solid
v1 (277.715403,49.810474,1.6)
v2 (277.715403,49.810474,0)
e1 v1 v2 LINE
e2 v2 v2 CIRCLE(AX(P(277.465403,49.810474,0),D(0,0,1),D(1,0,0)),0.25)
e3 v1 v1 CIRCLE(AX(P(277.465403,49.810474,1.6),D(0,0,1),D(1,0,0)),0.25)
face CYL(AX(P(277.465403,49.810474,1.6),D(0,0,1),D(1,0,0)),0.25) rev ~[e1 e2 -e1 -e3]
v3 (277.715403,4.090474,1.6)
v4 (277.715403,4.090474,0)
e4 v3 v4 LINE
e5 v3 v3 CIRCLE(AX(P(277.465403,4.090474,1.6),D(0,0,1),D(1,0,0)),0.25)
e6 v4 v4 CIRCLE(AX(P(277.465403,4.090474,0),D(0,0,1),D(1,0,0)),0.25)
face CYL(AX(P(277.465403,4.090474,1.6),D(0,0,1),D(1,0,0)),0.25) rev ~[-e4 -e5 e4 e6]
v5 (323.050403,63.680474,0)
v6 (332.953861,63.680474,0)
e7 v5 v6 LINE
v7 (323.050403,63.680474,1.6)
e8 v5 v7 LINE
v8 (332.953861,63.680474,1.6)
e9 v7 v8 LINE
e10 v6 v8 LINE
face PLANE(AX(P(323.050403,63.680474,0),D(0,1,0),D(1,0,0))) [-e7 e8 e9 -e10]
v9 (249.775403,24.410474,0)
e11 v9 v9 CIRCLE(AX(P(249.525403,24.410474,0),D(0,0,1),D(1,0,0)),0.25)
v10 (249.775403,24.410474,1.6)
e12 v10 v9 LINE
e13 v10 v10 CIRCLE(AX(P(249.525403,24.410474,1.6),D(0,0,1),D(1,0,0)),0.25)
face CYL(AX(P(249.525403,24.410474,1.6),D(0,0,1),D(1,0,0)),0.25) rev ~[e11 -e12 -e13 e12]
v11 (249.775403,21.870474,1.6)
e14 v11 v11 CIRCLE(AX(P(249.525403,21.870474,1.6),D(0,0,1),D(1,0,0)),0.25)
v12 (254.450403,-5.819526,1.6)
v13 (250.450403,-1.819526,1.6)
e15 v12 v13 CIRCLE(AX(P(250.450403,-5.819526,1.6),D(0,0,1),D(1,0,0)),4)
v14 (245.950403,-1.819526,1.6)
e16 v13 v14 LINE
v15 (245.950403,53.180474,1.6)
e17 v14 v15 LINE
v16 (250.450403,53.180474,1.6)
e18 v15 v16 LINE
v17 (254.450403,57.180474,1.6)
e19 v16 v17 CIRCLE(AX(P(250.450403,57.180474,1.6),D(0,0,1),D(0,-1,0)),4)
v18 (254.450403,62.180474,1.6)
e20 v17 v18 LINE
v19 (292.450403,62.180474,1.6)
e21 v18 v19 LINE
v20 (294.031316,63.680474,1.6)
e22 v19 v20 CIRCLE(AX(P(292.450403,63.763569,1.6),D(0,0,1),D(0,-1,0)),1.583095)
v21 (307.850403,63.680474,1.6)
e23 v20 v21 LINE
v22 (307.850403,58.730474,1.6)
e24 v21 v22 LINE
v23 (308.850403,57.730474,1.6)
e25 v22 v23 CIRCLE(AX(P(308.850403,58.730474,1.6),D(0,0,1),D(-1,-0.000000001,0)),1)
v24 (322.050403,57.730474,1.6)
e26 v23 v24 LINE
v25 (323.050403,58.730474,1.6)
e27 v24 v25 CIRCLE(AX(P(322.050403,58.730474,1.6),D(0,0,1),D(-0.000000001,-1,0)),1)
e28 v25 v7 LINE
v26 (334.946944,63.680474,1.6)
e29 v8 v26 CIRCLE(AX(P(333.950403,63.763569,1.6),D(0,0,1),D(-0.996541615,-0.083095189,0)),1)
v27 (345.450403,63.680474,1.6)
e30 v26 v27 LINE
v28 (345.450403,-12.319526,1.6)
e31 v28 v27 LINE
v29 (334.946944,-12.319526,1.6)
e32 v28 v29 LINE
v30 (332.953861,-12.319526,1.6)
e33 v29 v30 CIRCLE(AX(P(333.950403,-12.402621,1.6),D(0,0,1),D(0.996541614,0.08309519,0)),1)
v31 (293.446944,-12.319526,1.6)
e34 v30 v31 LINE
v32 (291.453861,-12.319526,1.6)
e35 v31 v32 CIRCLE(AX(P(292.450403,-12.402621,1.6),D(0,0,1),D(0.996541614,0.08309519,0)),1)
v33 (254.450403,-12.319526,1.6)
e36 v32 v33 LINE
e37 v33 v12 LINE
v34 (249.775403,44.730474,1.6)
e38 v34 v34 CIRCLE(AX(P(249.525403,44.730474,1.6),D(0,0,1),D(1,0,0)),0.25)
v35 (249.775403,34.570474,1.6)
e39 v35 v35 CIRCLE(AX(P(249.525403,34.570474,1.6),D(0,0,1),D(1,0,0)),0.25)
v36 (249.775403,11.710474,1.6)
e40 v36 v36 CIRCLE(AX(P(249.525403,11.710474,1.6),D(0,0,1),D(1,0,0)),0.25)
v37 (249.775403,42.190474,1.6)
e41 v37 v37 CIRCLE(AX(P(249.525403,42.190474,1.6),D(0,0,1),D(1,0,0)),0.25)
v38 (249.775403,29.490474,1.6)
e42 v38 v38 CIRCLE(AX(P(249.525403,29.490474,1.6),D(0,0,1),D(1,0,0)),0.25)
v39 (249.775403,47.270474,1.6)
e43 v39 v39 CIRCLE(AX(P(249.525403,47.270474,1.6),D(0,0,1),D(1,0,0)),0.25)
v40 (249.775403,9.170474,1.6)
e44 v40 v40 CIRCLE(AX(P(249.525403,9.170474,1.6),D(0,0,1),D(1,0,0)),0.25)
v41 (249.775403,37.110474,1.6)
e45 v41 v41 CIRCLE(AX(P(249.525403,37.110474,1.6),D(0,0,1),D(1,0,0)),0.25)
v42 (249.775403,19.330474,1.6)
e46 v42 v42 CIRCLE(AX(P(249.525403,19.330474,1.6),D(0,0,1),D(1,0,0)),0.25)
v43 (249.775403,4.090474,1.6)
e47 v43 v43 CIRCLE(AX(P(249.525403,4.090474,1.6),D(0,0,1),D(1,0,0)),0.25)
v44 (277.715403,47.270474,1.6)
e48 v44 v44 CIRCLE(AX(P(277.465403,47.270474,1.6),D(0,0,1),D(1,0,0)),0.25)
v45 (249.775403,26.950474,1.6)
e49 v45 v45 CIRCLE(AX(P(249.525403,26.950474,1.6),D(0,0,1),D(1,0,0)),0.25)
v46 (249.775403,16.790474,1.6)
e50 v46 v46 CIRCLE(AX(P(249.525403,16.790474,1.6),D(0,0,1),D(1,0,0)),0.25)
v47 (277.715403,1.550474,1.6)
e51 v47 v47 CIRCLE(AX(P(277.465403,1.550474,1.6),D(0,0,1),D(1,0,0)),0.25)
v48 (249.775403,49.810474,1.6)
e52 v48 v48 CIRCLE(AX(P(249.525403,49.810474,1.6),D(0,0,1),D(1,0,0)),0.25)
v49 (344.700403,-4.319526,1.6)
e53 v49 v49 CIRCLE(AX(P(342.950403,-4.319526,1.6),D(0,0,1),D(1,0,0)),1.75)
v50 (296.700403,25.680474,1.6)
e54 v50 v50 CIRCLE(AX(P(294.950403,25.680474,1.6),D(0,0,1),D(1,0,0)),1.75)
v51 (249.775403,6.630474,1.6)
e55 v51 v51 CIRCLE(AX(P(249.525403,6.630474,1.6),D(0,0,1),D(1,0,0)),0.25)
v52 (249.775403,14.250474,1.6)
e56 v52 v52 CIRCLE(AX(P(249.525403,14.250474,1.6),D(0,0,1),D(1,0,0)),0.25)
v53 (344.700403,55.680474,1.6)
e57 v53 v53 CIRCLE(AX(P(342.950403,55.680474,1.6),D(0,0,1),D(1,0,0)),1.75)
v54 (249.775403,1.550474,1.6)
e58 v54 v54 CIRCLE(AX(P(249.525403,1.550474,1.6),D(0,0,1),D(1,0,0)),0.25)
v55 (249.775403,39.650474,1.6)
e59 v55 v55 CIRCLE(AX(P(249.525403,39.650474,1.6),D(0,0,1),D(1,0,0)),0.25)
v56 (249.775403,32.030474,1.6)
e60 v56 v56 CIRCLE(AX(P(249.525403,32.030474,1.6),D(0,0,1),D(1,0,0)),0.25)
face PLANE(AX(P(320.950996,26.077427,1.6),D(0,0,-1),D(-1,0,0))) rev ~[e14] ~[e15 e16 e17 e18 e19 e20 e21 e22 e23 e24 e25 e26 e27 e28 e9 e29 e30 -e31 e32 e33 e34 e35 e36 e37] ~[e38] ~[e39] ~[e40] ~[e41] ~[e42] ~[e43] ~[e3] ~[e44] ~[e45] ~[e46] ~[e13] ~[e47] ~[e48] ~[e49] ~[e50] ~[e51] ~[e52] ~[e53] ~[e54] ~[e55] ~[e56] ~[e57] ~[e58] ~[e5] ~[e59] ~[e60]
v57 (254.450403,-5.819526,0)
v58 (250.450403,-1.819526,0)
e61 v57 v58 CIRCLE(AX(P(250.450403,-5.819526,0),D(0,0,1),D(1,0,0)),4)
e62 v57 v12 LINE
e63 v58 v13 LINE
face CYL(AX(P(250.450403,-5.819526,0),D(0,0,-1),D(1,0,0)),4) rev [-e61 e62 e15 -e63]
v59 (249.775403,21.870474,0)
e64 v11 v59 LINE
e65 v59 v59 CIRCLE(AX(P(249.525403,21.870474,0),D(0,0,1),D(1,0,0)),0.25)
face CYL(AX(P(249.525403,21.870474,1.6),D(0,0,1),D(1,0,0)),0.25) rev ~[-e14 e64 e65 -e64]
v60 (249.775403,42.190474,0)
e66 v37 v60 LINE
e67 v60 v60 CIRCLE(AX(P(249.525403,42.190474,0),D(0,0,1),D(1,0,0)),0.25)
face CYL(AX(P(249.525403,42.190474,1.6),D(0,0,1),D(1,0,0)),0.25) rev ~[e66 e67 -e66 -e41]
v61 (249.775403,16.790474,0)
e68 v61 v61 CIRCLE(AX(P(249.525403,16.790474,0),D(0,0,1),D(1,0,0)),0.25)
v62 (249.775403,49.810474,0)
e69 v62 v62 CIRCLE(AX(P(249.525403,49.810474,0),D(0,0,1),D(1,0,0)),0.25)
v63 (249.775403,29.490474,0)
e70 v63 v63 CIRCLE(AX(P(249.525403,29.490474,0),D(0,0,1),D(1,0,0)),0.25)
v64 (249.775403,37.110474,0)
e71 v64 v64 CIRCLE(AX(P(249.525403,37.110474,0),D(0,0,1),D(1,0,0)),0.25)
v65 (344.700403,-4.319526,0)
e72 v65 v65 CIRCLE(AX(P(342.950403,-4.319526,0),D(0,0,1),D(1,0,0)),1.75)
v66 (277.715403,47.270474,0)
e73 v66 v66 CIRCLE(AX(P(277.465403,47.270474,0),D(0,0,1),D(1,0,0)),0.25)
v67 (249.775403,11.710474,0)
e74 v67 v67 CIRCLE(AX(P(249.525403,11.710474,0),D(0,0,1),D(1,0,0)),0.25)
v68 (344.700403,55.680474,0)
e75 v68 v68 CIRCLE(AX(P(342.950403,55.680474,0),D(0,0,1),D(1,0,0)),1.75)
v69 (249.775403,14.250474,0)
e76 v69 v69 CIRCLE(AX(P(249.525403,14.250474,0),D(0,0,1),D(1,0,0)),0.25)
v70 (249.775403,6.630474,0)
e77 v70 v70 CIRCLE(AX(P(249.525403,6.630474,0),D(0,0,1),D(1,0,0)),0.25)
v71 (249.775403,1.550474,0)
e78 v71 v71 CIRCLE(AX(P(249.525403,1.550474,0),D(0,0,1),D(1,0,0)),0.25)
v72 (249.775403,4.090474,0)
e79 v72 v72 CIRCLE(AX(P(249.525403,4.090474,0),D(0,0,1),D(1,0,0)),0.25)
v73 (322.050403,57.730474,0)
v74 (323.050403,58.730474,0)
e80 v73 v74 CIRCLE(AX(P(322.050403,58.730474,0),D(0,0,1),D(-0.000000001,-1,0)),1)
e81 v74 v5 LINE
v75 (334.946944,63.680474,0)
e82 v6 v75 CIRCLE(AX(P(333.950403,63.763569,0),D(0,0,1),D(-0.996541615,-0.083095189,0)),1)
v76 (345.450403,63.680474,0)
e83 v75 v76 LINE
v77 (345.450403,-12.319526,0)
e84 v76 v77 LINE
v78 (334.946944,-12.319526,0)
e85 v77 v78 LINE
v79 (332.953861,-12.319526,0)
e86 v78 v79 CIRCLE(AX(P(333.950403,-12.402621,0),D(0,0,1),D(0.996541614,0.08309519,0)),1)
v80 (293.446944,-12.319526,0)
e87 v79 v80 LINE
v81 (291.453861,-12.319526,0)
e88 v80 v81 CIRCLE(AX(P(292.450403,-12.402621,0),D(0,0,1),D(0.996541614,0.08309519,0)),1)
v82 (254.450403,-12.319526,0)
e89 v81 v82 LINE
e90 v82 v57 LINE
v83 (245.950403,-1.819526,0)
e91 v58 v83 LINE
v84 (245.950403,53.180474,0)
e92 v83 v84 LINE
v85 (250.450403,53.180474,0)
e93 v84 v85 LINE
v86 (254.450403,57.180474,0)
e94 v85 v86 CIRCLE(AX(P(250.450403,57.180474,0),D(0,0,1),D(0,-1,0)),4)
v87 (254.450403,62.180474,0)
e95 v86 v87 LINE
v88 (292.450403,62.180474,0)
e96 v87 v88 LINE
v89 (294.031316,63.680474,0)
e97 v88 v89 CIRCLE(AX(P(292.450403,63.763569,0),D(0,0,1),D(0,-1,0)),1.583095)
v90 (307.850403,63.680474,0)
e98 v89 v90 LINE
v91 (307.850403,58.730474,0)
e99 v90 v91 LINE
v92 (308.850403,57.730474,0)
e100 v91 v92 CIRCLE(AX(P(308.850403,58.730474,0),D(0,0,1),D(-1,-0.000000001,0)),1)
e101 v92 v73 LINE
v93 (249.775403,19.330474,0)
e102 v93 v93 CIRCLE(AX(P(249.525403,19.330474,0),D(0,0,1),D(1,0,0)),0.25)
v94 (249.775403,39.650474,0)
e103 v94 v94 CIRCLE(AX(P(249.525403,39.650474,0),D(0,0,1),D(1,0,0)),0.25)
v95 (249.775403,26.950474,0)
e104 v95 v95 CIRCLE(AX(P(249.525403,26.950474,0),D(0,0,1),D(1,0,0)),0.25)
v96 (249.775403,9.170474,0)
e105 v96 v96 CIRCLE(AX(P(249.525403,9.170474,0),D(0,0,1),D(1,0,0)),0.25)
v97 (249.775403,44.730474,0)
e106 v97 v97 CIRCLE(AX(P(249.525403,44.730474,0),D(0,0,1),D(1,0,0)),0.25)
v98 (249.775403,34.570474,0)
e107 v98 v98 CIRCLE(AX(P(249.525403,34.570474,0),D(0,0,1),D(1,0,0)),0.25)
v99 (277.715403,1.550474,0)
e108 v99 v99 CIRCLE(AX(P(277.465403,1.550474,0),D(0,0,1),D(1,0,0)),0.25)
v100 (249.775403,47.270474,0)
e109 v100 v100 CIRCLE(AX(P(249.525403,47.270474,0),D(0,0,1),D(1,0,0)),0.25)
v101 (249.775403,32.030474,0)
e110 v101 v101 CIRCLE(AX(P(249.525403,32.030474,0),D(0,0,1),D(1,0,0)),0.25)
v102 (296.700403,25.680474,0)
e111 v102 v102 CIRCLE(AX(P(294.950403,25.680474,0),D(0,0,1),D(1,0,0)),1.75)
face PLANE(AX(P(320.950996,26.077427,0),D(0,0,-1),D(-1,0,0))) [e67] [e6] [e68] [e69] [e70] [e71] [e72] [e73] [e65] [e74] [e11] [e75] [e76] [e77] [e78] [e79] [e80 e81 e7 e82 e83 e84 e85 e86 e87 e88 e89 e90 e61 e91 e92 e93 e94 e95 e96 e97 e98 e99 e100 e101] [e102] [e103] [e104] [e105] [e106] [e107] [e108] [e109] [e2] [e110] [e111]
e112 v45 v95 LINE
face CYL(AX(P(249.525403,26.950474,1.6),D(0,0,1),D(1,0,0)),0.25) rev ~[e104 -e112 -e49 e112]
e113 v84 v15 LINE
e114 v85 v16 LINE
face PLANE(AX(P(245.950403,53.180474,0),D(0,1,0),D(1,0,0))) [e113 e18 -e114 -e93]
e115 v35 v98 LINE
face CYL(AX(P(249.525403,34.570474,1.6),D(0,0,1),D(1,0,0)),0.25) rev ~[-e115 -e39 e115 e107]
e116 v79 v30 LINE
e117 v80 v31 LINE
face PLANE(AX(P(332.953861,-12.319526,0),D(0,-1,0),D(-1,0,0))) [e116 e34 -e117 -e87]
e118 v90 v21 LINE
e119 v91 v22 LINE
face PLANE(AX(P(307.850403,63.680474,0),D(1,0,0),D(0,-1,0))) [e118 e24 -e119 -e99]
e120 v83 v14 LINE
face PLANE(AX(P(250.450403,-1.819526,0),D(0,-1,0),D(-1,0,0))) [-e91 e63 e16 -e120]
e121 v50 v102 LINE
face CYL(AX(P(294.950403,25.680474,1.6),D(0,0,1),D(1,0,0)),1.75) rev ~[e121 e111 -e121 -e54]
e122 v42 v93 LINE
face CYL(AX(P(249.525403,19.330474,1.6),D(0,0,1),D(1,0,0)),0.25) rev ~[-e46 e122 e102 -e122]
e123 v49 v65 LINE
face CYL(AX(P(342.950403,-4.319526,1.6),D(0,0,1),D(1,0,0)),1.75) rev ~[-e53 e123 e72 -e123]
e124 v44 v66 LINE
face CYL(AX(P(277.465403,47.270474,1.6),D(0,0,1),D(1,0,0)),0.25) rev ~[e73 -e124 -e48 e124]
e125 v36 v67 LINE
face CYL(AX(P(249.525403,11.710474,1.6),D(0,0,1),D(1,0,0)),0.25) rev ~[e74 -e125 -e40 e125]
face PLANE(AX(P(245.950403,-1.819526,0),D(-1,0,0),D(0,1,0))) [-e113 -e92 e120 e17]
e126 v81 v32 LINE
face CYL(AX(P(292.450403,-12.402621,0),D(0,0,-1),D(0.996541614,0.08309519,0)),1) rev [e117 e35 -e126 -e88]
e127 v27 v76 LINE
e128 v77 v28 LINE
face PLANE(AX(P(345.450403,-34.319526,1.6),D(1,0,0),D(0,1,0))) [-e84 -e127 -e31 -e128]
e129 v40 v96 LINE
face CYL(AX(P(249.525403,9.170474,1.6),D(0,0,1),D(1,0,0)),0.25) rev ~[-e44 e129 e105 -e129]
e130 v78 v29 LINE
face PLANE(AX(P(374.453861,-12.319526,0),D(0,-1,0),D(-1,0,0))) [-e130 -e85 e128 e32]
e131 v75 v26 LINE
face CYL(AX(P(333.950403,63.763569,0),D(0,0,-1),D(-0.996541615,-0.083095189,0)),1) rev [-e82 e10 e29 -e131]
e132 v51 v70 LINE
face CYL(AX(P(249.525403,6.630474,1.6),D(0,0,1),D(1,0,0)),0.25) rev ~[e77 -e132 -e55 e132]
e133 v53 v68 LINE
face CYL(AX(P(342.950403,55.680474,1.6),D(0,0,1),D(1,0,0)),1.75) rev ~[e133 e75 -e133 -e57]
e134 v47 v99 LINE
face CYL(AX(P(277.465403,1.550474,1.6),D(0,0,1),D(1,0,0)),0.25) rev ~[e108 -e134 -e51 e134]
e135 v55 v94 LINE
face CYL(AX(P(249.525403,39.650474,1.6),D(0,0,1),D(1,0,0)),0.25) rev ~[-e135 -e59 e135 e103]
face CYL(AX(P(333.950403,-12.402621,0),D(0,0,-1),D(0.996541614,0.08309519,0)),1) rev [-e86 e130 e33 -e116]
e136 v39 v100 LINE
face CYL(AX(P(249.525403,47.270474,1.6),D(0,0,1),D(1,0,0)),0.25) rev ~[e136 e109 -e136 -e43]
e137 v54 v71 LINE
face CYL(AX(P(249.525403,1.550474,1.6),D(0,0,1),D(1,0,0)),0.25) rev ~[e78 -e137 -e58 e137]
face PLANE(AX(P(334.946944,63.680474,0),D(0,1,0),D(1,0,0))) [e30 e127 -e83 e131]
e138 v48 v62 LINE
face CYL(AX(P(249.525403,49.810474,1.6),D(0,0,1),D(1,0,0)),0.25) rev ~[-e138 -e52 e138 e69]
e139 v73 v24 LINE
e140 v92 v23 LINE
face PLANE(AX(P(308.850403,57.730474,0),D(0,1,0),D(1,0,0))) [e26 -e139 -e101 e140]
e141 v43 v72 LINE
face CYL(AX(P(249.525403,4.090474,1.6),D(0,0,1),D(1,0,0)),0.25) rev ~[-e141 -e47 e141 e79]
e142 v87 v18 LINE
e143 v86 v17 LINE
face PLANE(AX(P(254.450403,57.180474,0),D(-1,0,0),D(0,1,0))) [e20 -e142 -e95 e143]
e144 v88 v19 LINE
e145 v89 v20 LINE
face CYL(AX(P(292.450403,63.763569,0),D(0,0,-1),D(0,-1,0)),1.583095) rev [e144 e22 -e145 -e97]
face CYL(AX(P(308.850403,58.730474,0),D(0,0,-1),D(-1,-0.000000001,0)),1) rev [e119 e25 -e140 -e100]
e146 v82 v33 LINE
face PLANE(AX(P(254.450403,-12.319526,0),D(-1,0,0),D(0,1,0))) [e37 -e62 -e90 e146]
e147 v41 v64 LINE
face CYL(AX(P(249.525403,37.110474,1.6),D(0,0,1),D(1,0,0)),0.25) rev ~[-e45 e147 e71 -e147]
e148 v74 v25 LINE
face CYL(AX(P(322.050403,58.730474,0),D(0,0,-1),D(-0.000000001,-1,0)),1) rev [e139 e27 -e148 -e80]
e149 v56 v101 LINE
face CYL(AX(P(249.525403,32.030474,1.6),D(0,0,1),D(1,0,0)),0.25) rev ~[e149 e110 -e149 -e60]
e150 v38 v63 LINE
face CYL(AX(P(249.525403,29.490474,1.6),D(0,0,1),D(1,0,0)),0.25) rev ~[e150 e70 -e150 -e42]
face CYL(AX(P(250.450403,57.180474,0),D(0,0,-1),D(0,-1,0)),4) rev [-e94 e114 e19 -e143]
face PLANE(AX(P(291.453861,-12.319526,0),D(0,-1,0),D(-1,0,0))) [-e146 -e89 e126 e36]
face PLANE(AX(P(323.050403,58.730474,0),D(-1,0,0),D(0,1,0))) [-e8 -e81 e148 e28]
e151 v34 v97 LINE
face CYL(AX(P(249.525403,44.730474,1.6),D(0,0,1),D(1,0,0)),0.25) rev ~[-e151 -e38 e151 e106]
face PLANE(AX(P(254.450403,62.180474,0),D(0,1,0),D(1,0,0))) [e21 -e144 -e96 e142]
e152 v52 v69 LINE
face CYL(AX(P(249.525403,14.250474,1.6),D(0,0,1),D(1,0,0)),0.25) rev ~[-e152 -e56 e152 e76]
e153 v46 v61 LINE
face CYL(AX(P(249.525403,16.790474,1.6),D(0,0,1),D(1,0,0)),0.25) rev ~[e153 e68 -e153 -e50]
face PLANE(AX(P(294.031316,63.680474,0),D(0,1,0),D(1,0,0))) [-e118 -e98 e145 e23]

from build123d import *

# Parameters (mm, degrees)
BOSS_EXTRUDE1_DEPTH     = 1.6
SKETCH4_R               = 4
SKETCH4_R_2             = 1.75
CUT_EXTRUDE1_DEPTH      = 1
CUT_EXTRUDE1_DEPTH_BACK = 2.6
SKETCH5_W               = 50
SKETCH5_H               = 120
CUT_EXTRUDE2_DEPTH      = 2.6
SKETCH6_R               = 0.25
CUT_EXTRUDE3_DEPTH      = 2.6


with BuildPart() as part:
    # Sketch3 → Boss-Extrude1 (new body)
    with BuildSketch(Plane.XY):
        with BuildLine():
            Line((254.450402667, 57.180474091), (254.450402667, 62.180474091))
            Line((254.450402667, 62.180474091), (292.450402667, 62.180474091))
            ThreePointArc((292.450402667, 62.180474091), (293.540045449, 62.615149067), (294.031315558, 63.680474091))
            Line((294.031315558, 63.680474091), (307.850402667, 63.680474091))
            Line((307.850402667, 63.680474091), (307.850402667, 58.730474091))
            ThreePointArc((307.850402667, 58.730474091), (308.143295886, 58.02336731), (308.850402667, 57.730474091))
            Line((308.850402667, 57.730474091), (322.050402667, 57.730474091))
            ThreePointArc((322.050402667, 57.730474091), (322.757509449, 58.02336731), (323.050402667, 58.730474091))
            Line((323.050402667, 58.730474091), (323.050402667, 63.680474091))
            Line((323.050402667, 63.680474091), (332.953861053, 63.680474091))
            ThreePointArc((332.953861053, 63.680474091), (333.950402667, 62.76356928), (334.946944282, 63.680474091))
            Line((334.946944282, 63.680474091), (374.453861053, 63.680474091))
            ThreePointArc((374.453861053, 63.680474091), (375.450402667, 62.76356928), (376.446944282, 63.680474091))
            Line((376.446944282, 63.680474091), (390.950402667, 63.680474091))
            ThreePointArc((390.950402667, 63.680474091), (393.071723011, 62.801794434), (393.950402667, 60.680474091))
            Line((393.950402667, 60.680474091), (393.950402667, 58.177015705))
            ThreePointArc((393.950402667, 58.177015705), (393.033497857, 57.180474091), (393.950402667, 56.183932476))
            Line((393.950402667, 56.183932476), (393.950402667, -4.822984295))
            ThreePointArc((393.950402667, -4.822984295), (393.033497857, -5.819525909), (393.950402667, -6.816067524))
            Line((393.950402667, -6.816067524), (393.950402667, -9.319525909))
            ThreePointArc((393.950402667, -9.319525909), (393.071723011, -11.440846253), (390.950402667, -12.319525909))
            Line((390.950402667, -12.319525909), (376.446944282, -12.319525909))
            ThreePointArc((376.446944282, -12.319525909), (375.450402667, -11.402621099), (374.453861053, -12.319525909))
            Line((374.453861053, -12.319525909), (334.946944282, -12.319525909))
            ThreePointArc((334.946944282, -12.319525909), (333.950402667, -11.402621099), (332.953861053, -12.319525909))
            Line((332.953861053, -12.319525909), (293.446944282, -12.319525909))
            ThreePointArc((293.446944282, -12.319525909), (292.450402667, -11.402621099), (291.453861053, -12.319525909))
            Line((291.453861053, -12.319525909), (254.450402667, -12.319525909))
            Line((254.450402667, -12.319525909), (254.450402667, -5.819525909))
            ThreePointArc((254.450402667, -5.819525909), (253.278829792, -2.991098784), (250.450402667, -1.819525909))
            Line((250.450402667, -1.819525909), (245.950402667, -1.819525909))
            Line((245.950402667, -1.819525909), (245.950402667, 53.180474091))
            Line((245.950402667, 53.180474091), (250.450402667, 53.180474091))
            ThreePointArc((250.450402667, 53.180474091), (253.278829792, 54.352046966), (254.450402667, 57.180474091))
        make_face()
    extrude(amount=BOSS_EXTRUDE1_DEPTH)

    # Sketch4 → Cut-Extrude1 (cut, two sides)
    with BuildSketch(Plane.XY.offset(1.6)) as cut_extrude1_sk:
        with Locations((375.450402667, -5.819525909)):
            Circle(SKETCH4_R)
        with Locations((342.950402667, -4.319525909)):
            Circle(SKETCH4_R_2)
        with Locations((294.950402667, 25.680474091)):
            Circle(SKETCH4_R_2)
        with Locations((342.950402667, 55.680474091)):
            Circle(SKETCH4_R_2)
        with Locations((375.450402667, 57.180474091)):
            Circle(SKETCH4_R)
    extrude(amount=CUT_EXTRUDE1_DEPTH, mode=Mode.SUBTRACT)
    extrude(cut_extrude1_sk.sketch, amount=-CUT_EXTRUDE1_DEPTH_BACK, mode=Mode.SUBTRACT)

    # Sketch5 → Cut-Extrude2 (cut, through all)
    with BuildSketch(Plane.XY.offset(1.6)):
        with Locations((370.450402667, 25.680474091)):
            Rectangle(SKETCH5_W, SKETCH5_H)
    extrude(amount=-CUT_EXTRUDE2_DEPTH, mode=Mode.SUBTRACT)

    # Sketch6 → Cut-Extrude3 (cut, through all)
    with BuildSketch(Plane.XY.offset(1.6)):
        with Locations((249.525402667, 49.810474091)):
            Circle(SKETCH6_R)
        with Locations((277.465402667, 49.810474091)):
            Circle(SKETCH6_R)
        with Locations((277.465402667, 47.270474091)):
            Circle(SKETCH6_R)
        with Locations((277.465402667, 4.090474091)):
            Circle(SKETCH6_R)
        with Locations((277.465402667, 1.550474091)):
            Circle(SKETCH6_R)
        with Locations((249.525402667, 1.550474091)):
            Circle(SKETCH6_R)
        with Locations((249.525402667, 4.090474091)):
            Circle(SKETCH6_R)
        with Locations((249.525402667, 6.630474091)):
            Circle(SKETCH6_R)
        with Locations((249.525402667, 9.170474091)):
            Circle(SKETCH6_R)
        with Locations((249.525402667, 11.710474091)):
            Circle(SKETCH6_R)
        with Locations((249.525402667, 14.250474091)):
            Circle(SKETCH6_R)
        with Locations((249.525402667, 16.790474091)):
            Circle(SKETCH6_R)
        with Locations((249.525402667, 19.330474091)):
            Circle(SKETCH6_R)
        with Locations((249.525402667, 21.870474091)):
            Circle(SKETCH6_R)
        with Locations((249.525402667, 24.410474091)):
            Circle(SKETCH6_R)
        with Locations((249.525402667, 26.950474091)):
            Circle(SKETCH6_R)
        with Locations((249.525402667, 29.490474091)):
            Circle(SKETCH6_R)
        with Locations((249.525402667, 32.030474091)):
            Circle(SKETCH6_R)
        with Locations((249.525402667, 34.570474091)):
            Circle(SKETCH6_R)
        with Locations((249.525402667, 37.110474091)):
            Circle(SKETCH6_R)
        with Locations((249.525402667, 39.650474091)):
            Circle(SKETCH6_R)
        with Locations((249.525402667, 42.190474091)):
            Circle(SKETCH6_R)
        with Locations((249.525402667, 44.730474091)):
            Circle(SKETCH6_R)
        with Locations((249.525402667, 47.270474091)):
            Circle(SKETCH6_R)
    extrude(amount=-CUT_EXTRUDE3_DEPTH, mode=Mode.SUBTRACT)


solid = part.part
